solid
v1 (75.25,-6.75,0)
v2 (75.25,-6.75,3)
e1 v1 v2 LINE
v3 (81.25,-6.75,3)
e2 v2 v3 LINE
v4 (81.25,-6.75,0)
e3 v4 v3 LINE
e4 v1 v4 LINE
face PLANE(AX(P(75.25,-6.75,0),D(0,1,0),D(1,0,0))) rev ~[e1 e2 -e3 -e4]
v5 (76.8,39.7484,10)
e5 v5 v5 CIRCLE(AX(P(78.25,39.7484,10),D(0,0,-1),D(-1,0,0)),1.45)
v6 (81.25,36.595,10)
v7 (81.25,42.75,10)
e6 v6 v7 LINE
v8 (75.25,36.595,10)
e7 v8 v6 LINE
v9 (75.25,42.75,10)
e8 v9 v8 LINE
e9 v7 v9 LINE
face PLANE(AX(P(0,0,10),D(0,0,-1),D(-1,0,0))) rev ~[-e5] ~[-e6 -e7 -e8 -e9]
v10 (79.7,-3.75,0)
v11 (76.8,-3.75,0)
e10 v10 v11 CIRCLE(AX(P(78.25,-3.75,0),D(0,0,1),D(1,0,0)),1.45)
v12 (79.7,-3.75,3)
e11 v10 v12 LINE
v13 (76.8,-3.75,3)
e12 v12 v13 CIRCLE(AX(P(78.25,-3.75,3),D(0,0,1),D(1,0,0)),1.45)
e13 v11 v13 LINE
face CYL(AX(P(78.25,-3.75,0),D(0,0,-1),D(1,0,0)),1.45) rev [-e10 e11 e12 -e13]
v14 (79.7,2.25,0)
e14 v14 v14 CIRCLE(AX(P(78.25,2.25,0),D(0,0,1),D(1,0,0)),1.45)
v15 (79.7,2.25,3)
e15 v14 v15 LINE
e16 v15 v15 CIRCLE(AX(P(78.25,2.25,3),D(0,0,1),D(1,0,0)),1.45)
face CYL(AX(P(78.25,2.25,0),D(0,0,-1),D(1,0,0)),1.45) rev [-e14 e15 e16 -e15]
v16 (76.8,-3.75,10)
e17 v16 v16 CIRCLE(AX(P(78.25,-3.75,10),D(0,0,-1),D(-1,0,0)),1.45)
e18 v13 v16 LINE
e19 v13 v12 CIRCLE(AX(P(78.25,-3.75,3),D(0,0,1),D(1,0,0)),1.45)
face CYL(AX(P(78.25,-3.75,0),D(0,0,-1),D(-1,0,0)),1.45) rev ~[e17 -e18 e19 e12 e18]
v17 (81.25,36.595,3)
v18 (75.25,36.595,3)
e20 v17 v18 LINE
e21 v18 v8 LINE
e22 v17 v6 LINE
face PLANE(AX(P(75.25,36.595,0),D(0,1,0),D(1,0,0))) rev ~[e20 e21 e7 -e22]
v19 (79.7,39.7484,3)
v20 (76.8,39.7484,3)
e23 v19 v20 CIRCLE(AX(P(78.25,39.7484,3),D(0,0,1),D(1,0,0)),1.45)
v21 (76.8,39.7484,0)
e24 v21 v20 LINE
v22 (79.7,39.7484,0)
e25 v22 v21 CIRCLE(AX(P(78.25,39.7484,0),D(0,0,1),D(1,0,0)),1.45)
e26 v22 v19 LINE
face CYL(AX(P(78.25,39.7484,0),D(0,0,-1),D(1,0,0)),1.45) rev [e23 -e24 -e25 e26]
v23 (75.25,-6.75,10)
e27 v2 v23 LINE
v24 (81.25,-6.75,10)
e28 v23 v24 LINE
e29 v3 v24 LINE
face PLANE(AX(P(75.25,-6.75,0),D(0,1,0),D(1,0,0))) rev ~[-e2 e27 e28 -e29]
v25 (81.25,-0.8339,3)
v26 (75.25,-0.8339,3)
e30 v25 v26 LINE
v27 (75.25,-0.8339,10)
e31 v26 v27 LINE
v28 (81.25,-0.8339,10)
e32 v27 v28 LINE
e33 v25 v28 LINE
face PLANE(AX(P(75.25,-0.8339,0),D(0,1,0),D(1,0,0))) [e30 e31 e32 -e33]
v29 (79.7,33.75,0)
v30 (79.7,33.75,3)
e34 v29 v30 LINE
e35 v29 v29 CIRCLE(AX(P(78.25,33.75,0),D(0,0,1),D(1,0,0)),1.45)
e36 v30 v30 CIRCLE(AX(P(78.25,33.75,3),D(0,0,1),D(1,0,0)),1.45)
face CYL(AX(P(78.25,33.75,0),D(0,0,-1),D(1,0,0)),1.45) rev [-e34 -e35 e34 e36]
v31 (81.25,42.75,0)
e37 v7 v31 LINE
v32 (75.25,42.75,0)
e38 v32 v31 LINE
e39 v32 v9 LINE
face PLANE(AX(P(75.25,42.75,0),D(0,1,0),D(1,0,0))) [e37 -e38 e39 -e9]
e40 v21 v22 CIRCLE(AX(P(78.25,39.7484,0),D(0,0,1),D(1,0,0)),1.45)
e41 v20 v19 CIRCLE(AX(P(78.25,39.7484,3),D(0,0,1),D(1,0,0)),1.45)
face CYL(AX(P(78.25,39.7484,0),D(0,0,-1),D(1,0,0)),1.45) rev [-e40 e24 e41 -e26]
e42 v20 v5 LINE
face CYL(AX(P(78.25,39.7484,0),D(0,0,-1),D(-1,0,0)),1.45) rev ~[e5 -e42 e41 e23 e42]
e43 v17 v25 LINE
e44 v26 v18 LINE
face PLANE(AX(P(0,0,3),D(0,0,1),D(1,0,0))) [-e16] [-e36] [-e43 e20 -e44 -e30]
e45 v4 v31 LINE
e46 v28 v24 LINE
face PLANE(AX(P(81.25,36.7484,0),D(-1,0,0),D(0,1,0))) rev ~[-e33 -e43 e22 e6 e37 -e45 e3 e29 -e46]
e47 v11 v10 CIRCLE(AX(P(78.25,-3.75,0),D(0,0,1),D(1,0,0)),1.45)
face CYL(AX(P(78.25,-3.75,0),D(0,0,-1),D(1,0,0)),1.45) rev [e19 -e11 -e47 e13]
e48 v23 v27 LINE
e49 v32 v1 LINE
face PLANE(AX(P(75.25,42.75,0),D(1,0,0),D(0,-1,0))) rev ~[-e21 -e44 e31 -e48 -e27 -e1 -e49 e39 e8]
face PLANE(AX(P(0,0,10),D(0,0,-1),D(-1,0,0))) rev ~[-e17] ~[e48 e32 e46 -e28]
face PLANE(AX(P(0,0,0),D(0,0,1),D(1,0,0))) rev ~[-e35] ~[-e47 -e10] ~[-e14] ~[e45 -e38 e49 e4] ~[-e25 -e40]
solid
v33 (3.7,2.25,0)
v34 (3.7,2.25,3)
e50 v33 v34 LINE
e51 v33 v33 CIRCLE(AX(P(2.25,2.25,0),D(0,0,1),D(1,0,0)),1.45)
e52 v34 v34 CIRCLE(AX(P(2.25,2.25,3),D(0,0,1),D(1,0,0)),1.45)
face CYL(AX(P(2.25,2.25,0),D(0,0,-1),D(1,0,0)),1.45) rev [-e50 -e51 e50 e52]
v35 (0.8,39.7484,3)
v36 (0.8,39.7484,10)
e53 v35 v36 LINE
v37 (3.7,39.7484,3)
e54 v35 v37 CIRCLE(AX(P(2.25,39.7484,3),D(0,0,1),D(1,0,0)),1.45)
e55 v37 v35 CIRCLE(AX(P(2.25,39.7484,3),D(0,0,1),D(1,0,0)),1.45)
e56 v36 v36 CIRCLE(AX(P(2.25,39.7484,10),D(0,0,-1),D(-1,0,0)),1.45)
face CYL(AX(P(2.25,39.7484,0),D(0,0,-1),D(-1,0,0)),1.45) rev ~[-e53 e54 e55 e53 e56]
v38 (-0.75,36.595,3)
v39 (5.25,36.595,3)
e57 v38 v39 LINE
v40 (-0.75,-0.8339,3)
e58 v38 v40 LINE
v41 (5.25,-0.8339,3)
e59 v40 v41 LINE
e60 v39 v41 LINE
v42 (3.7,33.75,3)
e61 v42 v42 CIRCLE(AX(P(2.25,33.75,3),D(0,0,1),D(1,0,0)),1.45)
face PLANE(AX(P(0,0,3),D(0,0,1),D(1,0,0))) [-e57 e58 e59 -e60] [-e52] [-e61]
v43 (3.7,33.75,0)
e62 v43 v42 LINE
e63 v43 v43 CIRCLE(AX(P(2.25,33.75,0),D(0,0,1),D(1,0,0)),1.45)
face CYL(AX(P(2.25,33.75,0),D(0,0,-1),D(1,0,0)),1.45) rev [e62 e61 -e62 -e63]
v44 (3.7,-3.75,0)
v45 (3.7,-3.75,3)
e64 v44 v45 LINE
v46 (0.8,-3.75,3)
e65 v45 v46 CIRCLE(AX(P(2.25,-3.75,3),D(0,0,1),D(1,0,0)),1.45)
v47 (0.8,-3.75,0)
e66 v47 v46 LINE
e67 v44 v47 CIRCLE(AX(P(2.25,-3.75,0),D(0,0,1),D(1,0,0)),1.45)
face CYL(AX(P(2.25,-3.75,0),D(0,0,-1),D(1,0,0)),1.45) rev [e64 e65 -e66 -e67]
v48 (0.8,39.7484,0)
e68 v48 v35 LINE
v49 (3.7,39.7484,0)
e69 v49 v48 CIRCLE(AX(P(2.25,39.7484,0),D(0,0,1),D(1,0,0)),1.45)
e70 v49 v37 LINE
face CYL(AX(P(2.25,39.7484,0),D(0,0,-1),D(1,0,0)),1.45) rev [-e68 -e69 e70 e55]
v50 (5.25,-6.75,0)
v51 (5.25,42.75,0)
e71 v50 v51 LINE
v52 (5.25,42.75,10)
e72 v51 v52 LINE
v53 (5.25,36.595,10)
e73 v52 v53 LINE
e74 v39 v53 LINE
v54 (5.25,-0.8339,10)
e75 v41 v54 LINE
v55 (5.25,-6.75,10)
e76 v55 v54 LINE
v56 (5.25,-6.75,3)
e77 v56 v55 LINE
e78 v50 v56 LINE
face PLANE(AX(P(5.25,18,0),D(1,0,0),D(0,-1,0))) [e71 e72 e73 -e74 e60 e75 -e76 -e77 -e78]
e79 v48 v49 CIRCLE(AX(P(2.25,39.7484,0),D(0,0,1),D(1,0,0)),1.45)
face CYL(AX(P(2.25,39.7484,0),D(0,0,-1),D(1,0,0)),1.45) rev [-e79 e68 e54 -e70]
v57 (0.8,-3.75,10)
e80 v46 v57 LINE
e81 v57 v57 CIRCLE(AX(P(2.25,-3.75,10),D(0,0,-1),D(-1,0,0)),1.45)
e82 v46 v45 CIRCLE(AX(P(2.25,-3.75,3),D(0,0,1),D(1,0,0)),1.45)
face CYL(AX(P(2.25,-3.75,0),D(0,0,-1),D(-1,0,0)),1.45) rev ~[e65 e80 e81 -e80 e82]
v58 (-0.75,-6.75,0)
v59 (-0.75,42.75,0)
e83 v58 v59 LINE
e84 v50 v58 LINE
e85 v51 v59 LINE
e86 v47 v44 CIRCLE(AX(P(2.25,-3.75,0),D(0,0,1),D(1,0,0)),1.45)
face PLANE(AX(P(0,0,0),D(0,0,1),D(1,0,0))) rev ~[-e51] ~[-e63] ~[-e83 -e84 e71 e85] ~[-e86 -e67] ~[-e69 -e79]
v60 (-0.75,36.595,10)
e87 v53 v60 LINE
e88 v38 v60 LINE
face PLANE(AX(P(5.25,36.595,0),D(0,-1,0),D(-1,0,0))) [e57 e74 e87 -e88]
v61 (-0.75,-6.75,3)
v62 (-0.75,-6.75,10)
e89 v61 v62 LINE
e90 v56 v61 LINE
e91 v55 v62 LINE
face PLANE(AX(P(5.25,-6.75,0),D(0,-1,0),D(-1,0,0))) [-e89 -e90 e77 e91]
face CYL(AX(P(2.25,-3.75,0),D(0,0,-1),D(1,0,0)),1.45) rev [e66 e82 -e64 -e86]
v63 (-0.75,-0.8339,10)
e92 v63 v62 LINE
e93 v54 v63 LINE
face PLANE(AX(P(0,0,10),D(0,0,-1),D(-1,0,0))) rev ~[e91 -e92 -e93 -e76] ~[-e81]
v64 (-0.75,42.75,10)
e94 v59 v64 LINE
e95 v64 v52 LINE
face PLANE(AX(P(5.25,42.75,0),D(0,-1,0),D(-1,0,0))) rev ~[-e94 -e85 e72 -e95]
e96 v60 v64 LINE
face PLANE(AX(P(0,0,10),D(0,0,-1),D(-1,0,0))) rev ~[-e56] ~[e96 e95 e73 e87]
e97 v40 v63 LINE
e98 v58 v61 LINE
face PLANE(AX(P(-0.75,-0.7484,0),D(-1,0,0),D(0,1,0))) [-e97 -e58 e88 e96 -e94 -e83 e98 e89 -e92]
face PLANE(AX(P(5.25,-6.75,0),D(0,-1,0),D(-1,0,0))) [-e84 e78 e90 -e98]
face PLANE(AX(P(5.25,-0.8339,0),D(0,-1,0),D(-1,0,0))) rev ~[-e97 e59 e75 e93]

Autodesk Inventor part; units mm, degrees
ref_plane "YZ Plane" through (0, 0, 0) normal (1, 0, 0) x (0, 1, 0)
ref_plane "XZ Plane" through (0, 0, 0) normal (0, 1, 0) x (-1, 0, 0)
sketch "Sketch1" plane through (0, 0, 0) normal (0, 0, 1) x (1, 0, 0)
  line L0 (75.25, 42.75) -> (75.25, -6.75)
  line L1 (75.25, -6.75) -> (81.25, -6.75)
  line L2 (81.25, -6.75) -> (81.25, 42.75)
  circle A0 centre (78.25, -3.75) radius 1.45
  circle A1 centre (78.25, 39.7484) radius 1.45
  circle A2 centre (78.25, 33.75) radius 1.45
  circle A3 centre (78.25, 2.25) radius 1.45
  line L3 (75.25, 42.75) -> (81.25, 42.75)
  line L4 (81.25, 42.75) -> (81.25, -6.75)
  line L5 (75.25, -6.75) -> (75.25, 42.75)
  line L6 (5.25, 18) -> (81.25, 18)
  line L7 (-0.75, 18) -> (81.25, 18)
  line L8 (40.25, 18) -> (40.25, 45.75)
  line L9 (40.25, 45.75) -> (40.25, 18)
  line L10 (40.25, -9.75) -> (40.25, 18)
  line L11 (75.25, 36.7484) -> (81.25, 36.7484)
  line L12 (75.25, -0.7484) -> (81.25, -0.7484)
  line L13 (5.25, 42.75) -> (5.25, -6.75)
  line L14 (5.25, -6.75) -> (-0.75, -6.75)
  line L15 (-0.75, -6.75) -> (-0.75, 42.75)
  circle A4 centre (2.25, -3.75) radius 1.45
  circle A5 centre (2.25, 39.7484) radius 1.45
  circle A6 centre (2.25, 33.75) radius 1.45
  circle A7 centre (2.25, 2.25) radius 1.45
  line L16 (5.25, 42.75) -> (-0.75, 42.75)
  line L17 (-0.75, 42.75) -> (-0.75, -6.75)
  line L18 (5.25, -6.75) -> (5.25, 42.75)
  line L19 (5.25, 36.7484) -> (-0.75, 36.7484)
  line L20 (5.25, -0.7484) -> (-0.75, -0.7484)
  line L21 (-13.8005, 43.9818) -> (170.3241, 43.9818)
  line L22 (-13.8005, -10.2335) -> (-13.8005, 43.9818)
  dimension "d9" = 18.7484
  dimension "d10" = 21.75
  dimension "d11" = 3
ref_plane "Work Plane1" through (0, 0, 3) normal (0, 0, 1) x (1, 0, 0)
extrude "Extrusion3" add sketch "Sketch1" along normal blind 3
sketch "Sketch4" plane through (0, 0, 0) normal (0, 0, -1) x (-1, 0, 0)
  line L0 (-81.25, 42.75) -> (-75.25, 42.75) projected
  circle A0 centre (-78.25, -3.75) radius 1.45 projected
  line L1 (-75.25, -6.75) -> (-81.25, -6.75) projected
  line L2 (-81.25, 42.75) -> (-75.25, 42.75)
  line L3 (-75.25, 42.75) -> (-75.25, 36.595)
  line L4 (-75.25, 36.595) -> (-81.25, 36.595)
  line L5 (-81.25, 36.595) -> (-81.25, 42.75)
  line L6 (-81.25, -6.75) -> (-75.25, -6.75)
  line L7 (-75.25, -6.75) -> (-75.25, -0.8339)
  line L8 (-75.25, -0.8339) -> (-81.25, -0.8339)
  line L9 (-81.25, -0.8339) -> (-81.25, -6.75)
  line L10 (-75.25, 18) -> (-5.25, 18)
  line L11 (-40.25, 18) -> (-40.25, 36.595)
  line L12 (-40.25, 36.595) -> (-40.25, 18)
  circle A1 centre (-78.25, 39.7484) radius 1.45 projected
  line L13 (0.75, 42.75) -> (-5.25, 42.75)
  line L14 (0.75, 42.75) -> (-5.25, 42.75)
  line L15 (-5.25, 42.75) -> (-5.25, 36.595)
  line L16 (-5.25, 36.595) -> (0.75, 36.595)
  line L17 (0.75, 36.595) -> (0.75, 42.75)
  circle A2 centre (-2.25, 39.7484) radius 1.45
  circle A3 centre (-2.25, -3.75) radius 1.45
  line L18 (-5.25, -6.75) -> (0.75, -6.75)
  line L19 (0.75, -6.75) -> (-5.25, -6.75)
  line L20 (-5.25, -6.75) -> (-5.25, -0.8339)
  line L21 (-5.25, -0.8339) -> (0.75, -0.8339)
  line L22 (0.75, -0.8339) -> (0.75, -6.75)
extrude "Extrusion4" add sketch "Sketch4" against normal blind 10
properties part number "LCD_bracket"
